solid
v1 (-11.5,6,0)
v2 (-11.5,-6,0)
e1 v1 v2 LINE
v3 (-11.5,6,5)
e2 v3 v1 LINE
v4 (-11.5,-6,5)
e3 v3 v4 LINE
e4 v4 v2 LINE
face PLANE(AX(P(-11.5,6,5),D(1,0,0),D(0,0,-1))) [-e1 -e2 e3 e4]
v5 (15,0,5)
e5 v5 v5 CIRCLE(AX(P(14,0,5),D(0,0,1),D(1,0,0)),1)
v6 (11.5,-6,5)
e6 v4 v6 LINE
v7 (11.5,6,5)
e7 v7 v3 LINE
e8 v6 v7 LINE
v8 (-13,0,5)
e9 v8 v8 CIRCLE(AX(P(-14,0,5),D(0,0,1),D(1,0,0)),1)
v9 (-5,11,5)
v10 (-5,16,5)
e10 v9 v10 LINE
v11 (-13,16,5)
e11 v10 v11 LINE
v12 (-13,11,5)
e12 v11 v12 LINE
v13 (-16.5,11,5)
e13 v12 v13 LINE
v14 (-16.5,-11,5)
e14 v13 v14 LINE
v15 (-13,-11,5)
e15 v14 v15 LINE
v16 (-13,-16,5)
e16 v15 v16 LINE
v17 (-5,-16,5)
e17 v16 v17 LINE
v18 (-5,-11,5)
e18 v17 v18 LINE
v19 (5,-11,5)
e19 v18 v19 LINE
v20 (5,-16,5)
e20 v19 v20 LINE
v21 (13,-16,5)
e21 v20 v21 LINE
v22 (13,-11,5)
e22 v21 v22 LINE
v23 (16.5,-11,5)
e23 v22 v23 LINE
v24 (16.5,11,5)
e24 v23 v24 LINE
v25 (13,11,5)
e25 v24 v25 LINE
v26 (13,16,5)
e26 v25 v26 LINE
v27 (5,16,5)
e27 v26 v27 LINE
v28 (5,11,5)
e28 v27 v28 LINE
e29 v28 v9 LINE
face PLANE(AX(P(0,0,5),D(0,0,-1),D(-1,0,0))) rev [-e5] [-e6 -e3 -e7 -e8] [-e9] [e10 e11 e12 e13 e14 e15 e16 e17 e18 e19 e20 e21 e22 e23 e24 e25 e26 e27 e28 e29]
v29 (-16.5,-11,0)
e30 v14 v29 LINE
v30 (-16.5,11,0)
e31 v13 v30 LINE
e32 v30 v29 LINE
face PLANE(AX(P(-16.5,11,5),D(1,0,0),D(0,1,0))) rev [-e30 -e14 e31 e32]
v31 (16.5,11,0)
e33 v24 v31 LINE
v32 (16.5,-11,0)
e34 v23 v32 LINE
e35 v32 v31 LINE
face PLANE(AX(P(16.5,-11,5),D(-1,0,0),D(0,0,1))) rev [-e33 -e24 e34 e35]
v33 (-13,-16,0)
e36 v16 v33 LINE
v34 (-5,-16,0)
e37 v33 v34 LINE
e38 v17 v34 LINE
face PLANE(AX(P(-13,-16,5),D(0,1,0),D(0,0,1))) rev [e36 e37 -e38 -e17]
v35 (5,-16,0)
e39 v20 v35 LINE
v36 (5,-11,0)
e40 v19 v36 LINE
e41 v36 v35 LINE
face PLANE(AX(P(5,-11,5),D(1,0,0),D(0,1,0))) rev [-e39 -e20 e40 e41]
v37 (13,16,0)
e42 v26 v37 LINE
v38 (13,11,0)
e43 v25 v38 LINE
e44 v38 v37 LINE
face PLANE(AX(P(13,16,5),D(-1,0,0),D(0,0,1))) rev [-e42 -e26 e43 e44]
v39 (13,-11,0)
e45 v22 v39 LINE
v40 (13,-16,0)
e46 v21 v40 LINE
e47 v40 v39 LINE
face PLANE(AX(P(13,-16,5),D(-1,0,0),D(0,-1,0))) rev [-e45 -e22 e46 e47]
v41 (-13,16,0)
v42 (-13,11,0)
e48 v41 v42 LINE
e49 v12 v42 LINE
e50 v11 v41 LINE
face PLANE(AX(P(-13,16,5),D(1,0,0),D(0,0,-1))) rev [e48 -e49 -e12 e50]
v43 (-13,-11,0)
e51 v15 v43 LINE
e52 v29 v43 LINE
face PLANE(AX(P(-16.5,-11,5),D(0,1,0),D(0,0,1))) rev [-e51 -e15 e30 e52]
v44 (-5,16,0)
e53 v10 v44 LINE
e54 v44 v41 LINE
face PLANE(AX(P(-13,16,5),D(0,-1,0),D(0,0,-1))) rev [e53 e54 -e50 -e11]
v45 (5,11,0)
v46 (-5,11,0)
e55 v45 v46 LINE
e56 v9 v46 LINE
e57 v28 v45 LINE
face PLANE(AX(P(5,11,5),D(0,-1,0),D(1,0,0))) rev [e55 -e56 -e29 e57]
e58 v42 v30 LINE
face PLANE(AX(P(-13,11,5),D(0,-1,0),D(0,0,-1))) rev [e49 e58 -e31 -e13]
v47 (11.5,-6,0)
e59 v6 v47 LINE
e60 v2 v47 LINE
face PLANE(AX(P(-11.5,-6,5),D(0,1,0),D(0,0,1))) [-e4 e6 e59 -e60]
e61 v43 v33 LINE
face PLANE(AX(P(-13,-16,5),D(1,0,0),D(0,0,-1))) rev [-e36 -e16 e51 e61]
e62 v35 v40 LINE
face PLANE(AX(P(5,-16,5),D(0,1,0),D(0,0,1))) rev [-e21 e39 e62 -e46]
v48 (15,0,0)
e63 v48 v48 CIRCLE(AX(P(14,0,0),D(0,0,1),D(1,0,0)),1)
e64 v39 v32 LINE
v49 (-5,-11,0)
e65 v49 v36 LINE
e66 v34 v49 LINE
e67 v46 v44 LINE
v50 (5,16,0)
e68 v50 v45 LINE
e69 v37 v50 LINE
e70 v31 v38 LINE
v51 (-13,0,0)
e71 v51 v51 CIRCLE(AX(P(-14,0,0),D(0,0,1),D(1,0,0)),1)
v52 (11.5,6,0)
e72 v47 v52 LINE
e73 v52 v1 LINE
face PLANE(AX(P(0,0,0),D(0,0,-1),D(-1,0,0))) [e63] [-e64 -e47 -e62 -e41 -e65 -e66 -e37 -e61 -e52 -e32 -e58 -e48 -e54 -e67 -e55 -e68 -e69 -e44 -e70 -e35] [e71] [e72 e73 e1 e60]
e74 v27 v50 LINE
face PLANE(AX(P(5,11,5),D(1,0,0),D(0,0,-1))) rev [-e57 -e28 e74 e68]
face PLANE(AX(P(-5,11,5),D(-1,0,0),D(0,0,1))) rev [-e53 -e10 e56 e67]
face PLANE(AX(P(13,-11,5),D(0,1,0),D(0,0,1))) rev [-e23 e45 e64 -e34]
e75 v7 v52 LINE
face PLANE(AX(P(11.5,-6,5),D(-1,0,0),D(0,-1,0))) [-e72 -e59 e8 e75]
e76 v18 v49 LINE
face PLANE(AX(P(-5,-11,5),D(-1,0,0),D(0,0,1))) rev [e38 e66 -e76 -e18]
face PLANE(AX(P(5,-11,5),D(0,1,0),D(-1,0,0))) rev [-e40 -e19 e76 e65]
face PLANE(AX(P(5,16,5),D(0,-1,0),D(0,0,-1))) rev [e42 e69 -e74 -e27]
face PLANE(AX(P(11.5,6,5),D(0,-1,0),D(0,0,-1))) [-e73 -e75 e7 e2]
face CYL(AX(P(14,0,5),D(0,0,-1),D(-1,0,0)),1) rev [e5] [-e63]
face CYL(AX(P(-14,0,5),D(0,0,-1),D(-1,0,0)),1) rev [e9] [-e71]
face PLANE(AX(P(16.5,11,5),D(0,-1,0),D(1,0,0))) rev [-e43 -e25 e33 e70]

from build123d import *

# Parameters (mm, degrees)
ESQUISSE1_R        = 1
ESQUISSE1_W        = 23
ESQUISSE1_H        = 12.000000104
BOSS_EXTRU_1_DEPTH = 5


with BuildPart() as part:
    # Esquisse1 → Boss.-Extru.1 (new body)
    with BuildSketch(Plane.XY):
        Polygon((5, 11), (5, 16), (13, 16), (13, 11), (16.5, 11), (16.5, -11), (13, -11), (13, -16), (5, -16), (5, -11), (-5, -11), (-5, -16), (-13, -16), (-13, -11), (-16.5, -11), (-16.5, 11), (-13, 11), (-13, 16), (-5, 16), (-5, 11), align=None)
        with Locations((-14, 0)):
            Circle(ESQUISSE1_R, mode=Mode.SUBTRACT)
        with Locations((14, 0)):
            Circle(ESQUISSE1_R, mode=Mode.SUBTRACT)
        Rectangle(ESQUISSE1_W, ESQUISSE1_H, mode=Mode.SUBTRACT)
    extrude(amount=BOSS_EXTRU_1_DEPTH)


solid = part.part
